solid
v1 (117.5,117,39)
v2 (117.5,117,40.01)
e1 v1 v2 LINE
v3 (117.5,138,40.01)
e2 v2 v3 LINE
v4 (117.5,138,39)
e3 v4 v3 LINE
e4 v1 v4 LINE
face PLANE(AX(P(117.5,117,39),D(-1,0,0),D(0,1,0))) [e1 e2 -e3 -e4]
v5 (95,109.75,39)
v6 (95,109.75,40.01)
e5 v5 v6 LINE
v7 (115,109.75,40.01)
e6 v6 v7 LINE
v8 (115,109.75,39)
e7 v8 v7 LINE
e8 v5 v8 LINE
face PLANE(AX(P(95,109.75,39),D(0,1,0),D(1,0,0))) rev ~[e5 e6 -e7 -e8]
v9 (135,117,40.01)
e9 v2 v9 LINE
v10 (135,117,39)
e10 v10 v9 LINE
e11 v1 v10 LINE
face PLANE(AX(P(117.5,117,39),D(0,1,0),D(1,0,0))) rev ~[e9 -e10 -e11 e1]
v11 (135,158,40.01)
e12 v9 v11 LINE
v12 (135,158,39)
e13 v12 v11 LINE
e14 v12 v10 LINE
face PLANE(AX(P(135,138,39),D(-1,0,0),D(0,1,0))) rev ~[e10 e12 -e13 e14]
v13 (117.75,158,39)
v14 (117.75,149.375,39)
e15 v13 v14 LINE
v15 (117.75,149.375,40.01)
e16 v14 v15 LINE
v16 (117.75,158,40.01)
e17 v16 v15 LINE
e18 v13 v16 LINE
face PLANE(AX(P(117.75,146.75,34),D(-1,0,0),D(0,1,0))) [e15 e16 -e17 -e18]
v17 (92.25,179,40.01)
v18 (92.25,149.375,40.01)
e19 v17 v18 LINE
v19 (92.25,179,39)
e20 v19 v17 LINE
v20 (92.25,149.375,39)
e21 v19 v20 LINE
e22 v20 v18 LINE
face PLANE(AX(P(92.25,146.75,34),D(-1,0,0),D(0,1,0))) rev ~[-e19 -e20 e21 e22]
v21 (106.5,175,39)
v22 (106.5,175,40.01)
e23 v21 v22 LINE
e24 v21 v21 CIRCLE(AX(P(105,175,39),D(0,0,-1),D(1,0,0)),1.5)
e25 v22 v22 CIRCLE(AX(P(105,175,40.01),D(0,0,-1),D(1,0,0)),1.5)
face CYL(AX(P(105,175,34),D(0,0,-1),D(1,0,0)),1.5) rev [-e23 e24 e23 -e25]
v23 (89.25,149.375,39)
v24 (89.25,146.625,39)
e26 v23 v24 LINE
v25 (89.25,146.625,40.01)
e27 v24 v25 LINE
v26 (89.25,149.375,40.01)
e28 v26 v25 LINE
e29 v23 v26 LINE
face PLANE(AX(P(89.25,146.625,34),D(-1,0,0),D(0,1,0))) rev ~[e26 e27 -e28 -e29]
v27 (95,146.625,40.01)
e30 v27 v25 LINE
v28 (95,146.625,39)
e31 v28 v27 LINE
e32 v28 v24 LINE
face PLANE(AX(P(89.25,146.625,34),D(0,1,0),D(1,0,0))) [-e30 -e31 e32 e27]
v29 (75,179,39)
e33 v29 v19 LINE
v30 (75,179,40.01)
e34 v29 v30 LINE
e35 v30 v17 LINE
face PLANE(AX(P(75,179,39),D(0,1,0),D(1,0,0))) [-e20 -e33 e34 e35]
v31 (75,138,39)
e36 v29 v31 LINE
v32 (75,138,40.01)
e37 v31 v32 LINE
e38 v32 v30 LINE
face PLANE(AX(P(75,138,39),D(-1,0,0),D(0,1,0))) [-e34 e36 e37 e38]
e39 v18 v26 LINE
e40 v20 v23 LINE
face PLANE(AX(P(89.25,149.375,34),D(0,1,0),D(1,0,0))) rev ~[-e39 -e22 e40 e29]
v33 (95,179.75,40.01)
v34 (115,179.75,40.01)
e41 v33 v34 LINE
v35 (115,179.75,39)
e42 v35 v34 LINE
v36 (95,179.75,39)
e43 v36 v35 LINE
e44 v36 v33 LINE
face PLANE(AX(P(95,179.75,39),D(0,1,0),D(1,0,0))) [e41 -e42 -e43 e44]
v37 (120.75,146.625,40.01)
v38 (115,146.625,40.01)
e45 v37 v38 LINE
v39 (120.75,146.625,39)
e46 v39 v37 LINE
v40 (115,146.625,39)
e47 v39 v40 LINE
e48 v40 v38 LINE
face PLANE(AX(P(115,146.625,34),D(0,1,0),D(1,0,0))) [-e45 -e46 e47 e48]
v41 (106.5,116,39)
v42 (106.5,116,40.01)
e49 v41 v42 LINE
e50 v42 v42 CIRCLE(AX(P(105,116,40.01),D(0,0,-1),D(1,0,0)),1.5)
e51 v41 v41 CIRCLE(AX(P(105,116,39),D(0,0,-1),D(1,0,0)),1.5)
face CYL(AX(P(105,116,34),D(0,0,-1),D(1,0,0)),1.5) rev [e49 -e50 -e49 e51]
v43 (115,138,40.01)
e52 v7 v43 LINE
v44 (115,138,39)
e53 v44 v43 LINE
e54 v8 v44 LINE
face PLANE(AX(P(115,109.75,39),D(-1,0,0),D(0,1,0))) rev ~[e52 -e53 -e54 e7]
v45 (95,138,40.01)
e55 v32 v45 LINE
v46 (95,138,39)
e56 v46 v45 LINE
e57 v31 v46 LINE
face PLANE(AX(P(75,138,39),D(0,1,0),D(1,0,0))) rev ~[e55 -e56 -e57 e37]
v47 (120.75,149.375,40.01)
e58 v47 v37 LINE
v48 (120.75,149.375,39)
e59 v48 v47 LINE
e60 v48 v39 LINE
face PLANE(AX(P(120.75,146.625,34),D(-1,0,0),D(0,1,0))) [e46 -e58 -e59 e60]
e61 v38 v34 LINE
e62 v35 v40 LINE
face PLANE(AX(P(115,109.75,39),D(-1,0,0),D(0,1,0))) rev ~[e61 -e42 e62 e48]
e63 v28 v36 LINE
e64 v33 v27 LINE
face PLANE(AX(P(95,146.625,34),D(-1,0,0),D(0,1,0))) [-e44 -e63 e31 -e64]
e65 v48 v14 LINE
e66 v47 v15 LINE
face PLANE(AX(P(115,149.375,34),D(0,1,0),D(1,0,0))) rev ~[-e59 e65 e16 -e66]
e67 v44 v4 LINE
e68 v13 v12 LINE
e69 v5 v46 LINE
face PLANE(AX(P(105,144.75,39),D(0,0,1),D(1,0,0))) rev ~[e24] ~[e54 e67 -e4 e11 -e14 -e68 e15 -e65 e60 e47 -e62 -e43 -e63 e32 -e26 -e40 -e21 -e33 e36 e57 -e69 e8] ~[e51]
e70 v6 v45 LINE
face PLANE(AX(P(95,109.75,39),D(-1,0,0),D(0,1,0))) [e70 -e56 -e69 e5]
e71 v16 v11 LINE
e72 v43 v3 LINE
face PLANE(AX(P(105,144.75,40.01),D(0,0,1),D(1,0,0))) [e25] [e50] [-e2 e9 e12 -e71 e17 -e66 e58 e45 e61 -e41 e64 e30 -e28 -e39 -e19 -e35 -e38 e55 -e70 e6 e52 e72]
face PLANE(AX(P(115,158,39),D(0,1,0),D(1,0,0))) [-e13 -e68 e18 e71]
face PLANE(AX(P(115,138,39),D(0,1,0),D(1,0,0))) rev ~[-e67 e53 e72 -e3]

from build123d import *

# Parameters (mm, degrees)
CYLINDER078_R     = 1.5
CYLINDER078_DEPTH = 10
BOX015_W          = 5.75
BOX015_H          = 2.75
BOX015_DEPTH      = 10
BOX014_W          = 2.75
BOX014_H          = 34
BOX014_DEPTH      = 10
BOX013_W          = 5.75
BOX013_H          = 2.75
BOX013_DEPTH      = 10
BOX012_W          = 2.75
BOX012_H          = 34
BOX012_DEPTH      = 10
CYLINDER077_R     = 1.5
CYLINDER077_DEPTH = 10
BOX011_W          = 17.5
BOX011_H          = 21
BOX011_DEPTH      = 1.01
BOX009_W          = 20
BOX009_H          = 20
BOX009_DEPTH      = 1.01
BOX008_W          = 20
BOX008_H          = 20
BOX008_DEPTH      = 1.01
BOX007_W          = 20
BOX007_H          = 70
BOX007_DEPTH      = 1.01
BOX010_W          = 17.5
BOX010_H          = 21
BOX010_DEPTH      = 1.01


with BuildPart() as shieldcrosshole1:
    # Cylinder078 → Cylinder078 (new body)
    with BuildSketch(Plane(origin=(105, 116, 34), x_dir=(1, 0, 0), z_dir=(0, 0, 1))):
        Circle(CYLINDER078_R)
    extrude(amount=CYLINDER078_DEPTH)


with BuildPart() as cube007:
    # Box015 → Box015 (new body)
    with BuildSketch(Plane(origin=(115, 146.625, 34), x_dir=(1, 0, 0), z_dir=(0, 0, 1))):
        with Locations((2.875, 1.375)):
            Rectangle(BOX015_W, BOX015_H)
    extrude(amount=BOX015_DEPTH)


with BuildPart() as cube006:
    # Box014 → Box014 (new body)
    with BuildSketch(Plane(origin=(115, 146.75, 34), x_dir=(1, 0, 0), z_dir=(0, 0, 1))):
        with Locations((1.375, 17)):
            Rectangle(BOX014_W, BOX014_H)
    extrude(amount=BOX014_DEPTH)


with BuildPart() as cube005:
    # Box013 → Box013 (new body)
    with BuildSketch(Plane(origin=(89.25, 146.625, 34), x_dir=(1, 0, 0), z_dir=(0, 0, 1))):
        with Locations((2.875, 1.375)):
            Rectangle(BOX013_W, BOX013_H)
    extrude(amount=BOX013_DEPTH)


with BuildPart() as cube004:
    # Box012 → Box012 (new body)
    with BuildSketch(Plane(origin=(92.25, 146.75, 34), x_dir=(1, 0, 0), z_dir=(0, 0, 1))):
        with Locations((1.375, 17)):
            Rectangle(BOX012_W, BOX012_H)
    extrude(amount=BOX012_DEPTH)


with BuildPart() as shieldcuts:
    # Cylinder077 → Cylinder077 (new body)
    with BuildSketch(Plane(origin=(105, 175, 34), x_dir=(1, 0, 0), z_dir=(0, 0, 1))):
        Circle(CYLINDER077_R)
    extrude(amount=CYLINDER077_DEPTH)

    # Fusion037: union ShieldCrossHole1, Cube007, Cube006, Cube005, Cube004
    add(shieldcrosshole1.part)
    add(cube007.part)
    add(cube006.part)
    add(cube005.part)
    add(cube004.part)


with BuildPart() as shieldcross007:
    # Box011 → Box011 (new body)
    with BuildSketch(Plane(origin=(117.5, 117, 39), x_dir=(1, 0, 0), z_dir=(0, 0, 1))):
        with Locations((8.75, 10.5)):
            Rectangle(BOX011_W, BOX011_H)
    extrude(amount=BOX011_DEPTH)


with BuildPart() as shieldcross005:
    # Box009 → Box009 (new body)
    with BuildSketch(Plane(origin=(75, 138, 39), x_dir=(1, 0, 0), z_dir=(0, 0, 1))):
        with Locations((10, 10)):
            Rectangle(BOX009_W, BOX009_H)
    extrude(amount=BOX009_DEPTH)


with BuildPart() as shieldcross004:
    # Box008 → Box008 (new body)
    with BuildSketch(Plane(origin=(115, 138, 39), x_dir=(1, 0, 0), z_dir=(0, 0, 1))):
        with Locations((10, 10)):
            Rectangle(BOX008_W, BOX008_H)
    extrude(amount=BOX008_DEPTH)


with BuildPart() as shieldcross003:
    # Box007 → Box007 (new body)
    with BuildSketch(Plane(origin=(95, 109.75, 39), x_dir=(1, 0, 0), z_dir=(0, 0, 1))):
        with Locations((10, 35)):
            Rectangle(BOX007_W, BOX007_H)
    extrude(amount=BOX007_DEPTH)


with BuildPart() as shieldfold:
    # Box010 → Box010 (new body)
    with BuildSketch(Plane(origin=(75, 158, 39), x_dir=(1, 0, 0), z_dir=(0, 0, 1))):
        with Locations((8.75, 10.5)):
            Rectangle(BOX010_W, BOX010_H)
    extrude(amount=BOX010_DEPTH)

    # Fusion036: union ShieldCross007, ShieldCross005, ShieldCross004, ShieldCross003
    add(shieldcross007.part)
    add(shieldcross005.part)
    add(shieldcross004.part)
    add(shieldcross003.part)

    # Cut009: cut ShieldCuts
    add(shieldcuts.part, mode=Mode.SUBTRACT)


solid = shieldfold.part
